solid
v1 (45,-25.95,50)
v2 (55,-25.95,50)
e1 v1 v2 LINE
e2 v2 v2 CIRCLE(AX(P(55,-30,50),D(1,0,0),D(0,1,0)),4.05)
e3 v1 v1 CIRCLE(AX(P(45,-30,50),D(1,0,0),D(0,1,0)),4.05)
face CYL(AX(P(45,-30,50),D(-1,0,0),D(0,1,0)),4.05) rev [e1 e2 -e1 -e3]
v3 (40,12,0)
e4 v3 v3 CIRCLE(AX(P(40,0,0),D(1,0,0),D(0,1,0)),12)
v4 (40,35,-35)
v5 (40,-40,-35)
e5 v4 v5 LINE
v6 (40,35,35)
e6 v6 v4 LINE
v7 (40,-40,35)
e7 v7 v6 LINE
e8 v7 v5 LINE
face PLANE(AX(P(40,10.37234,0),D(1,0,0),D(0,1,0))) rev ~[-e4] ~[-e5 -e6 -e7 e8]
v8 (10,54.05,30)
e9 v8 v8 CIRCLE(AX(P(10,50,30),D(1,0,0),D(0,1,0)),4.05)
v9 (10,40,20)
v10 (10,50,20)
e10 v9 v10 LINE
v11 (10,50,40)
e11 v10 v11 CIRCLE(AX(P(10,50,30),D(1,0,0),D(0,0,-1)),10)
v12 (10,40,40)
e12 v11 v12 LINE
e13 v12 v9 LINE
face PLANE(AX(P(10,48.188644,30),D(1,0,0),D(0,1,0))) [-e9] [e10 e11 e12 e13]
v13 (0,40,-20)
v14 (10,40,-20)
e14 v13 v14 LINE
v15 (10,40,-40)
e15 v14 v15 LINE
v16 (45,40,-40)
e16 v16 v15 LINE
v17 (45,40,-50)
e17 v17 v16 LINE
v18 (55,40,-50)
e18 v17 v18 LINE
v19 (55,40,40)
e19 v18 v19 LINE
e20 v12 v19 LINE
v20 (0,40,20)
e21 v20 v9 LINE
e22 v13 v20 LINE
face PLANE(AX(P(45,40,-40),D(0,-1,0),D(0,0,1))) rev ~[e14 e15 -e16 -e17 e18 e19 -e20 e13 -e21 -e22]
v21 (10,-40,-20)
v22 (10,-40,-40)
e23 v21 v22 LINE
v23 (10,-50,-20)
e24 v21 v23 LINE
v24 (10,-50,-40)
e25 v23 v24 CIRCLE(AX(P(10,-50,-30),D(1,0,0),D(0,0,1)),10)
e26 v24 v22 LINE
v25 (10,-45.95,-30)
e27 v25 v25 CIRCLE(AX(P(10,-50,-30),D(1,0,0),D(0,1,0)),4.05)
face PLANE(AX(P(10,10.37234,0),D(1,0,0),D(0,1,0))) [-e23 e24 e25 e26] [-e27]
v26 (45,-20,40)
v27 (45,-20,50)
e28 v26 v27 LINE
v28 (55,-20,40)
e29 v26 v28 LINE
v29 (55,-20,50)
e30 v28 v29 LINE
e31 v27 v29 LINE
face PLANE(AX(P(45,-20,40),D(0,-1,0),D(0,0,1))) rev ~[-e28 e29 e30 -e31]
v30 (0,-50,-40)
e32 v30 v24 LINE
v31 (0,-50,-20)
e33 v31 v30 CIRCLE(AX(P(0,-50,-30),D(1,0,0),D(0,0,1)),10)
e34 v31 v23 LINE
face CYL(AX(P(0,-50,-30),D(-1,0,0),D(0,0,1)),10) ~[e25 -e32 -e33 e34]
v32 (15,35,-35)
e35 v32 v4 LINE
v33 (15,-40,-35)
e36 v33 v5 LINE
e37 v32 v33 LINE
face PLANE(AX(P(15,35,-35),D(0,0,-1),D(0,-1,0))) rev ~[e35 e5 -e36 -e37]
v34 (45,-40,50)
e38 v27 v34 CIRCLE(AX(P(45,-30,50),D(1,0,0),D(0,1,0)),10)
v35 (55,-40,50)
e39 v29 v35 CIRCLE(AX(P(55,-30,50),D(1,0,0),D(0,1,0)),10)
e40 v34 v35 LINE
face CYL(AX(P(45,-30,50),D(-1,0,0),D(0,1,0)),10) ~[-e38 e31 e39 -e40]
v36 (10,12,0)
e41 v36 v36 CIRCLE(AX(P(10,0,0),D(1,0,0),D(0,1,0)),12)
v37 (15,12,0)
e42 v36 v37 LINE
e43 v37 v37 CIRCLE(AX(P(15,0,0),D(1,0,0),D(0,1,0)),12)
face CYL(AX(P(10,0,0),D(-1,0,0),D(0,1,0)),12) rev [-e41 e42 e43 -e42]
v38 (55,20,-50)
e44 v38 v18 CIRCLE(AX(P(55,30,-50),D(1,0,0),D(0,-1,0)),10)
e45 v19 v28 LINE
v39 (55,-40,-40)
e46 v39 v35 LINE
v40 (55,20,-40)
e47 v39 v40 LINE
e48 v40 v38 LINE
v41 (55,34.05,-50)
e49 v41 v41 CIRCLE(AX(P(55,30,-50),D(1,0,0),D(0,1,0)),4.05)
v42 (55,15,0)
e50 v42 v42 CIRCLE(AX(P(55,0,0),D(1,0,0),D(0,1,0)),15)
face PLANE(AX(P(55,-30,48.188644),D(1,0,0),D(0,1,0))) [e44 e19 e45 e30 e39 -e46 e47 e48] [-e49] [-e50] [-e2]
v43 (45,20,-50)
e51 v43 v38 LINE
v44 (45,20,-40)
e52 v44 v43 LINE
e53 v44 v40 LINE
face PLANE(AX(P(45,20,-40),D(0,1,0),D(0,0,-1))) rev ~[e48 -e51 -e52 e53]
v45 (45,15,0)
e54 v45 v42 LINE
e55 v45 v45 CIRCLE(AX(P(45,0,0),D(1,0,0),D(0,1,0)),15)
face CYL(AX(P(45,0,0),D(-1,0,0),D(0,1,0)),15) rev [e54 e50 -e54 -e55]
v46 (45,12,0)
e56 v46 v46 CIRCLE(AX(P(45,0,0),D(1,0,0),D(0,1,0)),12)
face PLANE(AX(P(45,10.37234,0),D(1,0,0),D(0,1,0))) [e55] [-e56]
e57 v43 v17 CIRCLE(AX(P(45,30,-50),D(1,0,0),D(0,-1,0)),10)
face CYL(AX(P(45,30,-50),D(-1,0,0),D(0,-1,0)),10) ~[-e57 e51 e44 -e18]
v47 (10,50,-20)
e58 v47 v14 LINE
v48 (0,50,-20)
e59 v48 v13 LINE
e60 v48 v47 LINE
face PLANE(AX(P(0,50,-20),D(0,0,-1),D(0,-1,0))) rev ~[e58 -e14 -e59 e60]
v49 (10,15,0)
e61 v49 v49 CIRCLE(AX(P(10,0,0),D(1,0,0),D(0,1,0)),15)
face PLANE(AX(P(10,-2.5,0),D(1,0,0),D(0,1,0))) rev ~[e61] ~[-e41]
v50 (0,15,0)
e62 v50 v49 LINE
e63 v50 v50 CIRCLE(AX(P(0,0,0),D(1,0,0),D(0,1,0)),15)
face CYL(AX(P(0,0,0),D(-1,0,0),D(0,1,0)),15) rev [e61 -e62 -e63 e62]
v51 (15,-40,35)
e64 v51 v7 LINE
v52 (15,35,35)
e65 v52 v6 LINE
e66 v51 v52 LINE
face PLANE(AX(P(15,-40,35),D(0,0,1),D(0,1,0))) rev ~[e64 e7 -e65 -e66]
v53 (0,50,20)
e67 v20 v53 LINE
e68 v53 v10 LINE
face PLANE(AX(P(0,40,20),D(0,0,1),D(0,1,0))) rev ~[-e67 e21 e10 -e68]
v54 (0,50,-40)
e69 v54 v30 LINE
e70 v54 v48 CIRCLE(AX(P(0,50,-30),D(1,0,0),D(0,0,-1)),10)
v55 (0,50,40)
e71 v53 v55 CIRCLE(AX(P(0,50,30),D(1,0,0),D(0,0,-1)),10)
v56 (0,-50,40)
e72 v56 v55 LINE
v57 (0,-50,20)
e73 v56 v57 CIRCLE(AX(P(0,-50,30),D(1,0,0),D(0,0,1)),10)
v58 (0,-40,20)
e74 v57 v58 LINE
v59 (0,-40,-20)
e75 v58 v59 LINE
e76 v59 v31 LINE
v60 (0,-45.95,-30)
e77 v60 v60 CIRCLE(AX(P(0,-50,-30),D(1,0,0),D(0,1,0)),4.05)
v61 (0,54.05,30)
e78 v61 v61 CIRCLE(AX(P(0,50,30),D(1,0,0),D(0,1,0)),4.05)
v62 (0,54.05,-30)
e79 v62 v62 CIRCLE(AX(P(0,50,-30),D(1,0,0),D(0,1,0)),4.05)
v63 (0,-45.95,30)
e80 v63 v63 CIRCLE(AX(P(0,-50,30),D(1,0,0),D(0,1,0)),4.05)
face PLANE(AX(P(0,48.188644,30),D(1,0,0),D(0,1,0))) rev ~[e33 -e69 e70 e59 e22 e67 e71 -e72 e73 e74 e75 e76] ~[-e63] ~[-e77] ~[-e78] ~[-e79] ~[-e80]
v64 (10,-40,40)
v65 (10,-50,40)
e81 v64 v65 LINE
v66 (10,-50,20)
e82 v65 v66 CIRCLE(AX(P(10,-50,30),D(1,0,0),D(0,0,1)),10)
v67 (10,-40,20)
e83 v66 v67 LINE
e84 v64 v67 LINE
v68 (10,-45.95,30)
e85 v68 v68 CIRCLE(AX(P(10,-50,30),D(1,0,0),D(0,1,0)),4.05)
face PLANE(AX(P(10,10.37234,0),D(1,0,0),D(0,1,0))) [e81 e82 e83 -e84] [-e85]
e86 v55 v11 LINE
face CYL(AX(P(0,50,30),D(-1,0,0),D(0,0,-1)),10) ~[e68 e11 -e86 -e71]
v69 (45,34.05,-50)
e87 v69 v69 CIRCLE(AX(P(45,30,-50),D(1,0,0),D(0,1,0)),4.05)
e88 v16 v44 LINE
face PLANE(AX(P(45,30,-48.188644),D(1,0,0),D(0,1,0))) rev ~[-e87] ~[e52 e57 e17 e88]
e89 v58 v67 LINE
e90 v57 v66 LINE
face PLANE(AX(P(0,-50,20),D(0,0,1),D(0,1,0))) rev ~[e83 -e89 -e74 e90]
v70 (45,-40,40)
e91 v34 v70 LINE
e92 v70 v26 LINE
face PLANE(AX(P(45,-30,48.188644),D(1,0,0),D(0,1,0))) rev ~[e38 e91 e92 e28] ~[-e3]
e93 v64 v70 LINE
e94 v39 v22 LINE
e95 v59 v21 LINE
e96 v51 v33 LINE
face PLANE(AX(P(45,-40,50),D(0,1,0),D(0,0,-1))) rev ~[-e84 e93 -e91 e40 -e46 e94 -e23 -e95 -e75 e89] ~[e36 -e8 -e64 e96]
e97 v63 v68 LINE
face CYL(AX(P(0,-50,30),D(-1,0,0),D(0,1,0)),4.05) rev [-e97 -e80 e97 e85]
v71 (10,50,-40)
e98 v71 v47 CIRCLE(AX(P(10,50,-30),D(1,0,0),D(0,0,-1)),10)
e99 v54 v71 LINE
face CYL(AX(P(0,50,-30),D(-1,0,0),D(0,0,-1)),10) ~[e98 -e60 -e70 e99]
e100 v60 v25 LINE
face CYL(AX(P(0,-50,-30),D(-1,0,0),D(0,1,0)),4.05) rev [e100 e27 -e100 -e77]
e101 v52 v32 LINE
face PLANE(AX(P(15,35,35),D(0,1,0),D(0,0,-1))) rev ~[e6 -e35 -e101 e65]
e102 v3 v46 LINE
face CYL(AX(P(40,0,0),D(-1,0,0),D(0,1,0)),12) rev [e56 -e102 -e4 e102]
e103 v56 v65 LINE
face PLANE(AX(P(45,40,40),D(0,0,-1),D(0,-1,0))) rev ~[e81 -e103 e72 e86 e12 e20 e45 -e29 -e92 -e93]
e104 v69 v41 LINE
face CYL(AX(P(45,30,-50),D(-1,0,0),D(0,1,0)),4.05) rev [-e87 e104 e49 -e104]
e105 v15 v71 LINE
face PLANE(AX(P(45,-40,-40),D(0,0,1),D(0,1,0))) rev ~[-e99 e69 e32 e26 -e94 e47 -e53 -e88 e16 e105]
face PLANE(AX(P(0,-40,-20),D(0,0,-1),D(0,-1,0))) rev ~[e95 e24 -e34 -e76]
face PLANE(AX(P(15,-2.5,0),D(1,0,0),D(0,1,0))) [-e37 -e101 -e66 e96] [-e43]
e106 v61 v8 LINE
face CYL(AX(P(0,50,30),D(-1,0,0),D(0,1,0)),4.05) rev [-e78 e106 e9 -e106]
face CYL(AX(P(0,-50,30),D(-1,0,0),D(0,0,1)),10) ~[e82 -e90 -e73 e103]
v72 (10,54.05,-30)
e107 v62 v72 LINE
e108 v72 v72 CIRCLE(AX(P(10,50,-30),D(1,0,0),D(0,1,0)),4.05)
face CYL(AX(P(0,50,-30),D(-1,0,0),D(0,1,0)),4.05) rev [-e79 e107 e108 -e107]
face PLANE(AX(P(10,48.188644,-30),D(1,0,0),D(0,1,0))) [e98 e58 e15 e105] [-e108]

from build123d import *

# Parameters (mm, degrees)
F0_R     = 15
F0_R_2   = 4.05
F1_DEPTH = 10
F2_START = 10
F0_R_3   = 12
F2_DEPTH = 5
F3_START = 15
F3_DEPTH = 25
F4_START = 40
F4_DEPTH = 5
F5_START = 45
F5_DEPTH = 10
F6_START = 45
F6_DEPTH = 10
F7_DEPTH = 10


with BuildPart() as f1:
    # F0 (on Right) → F1 (new body)
    with BuildSketch(Plane.YZ):
        Polygon((35, -40), (40, -40), (40, -20), (40, 20), (40, 25), (40, 35), (40, 40), (-20, 40), (-40, 40), (-40, 35), (35, 35), (35, -35), (-40, -35), (-40, -40), (20, -40), align=None)
        Polygon((-40, -20), (-40, -35), (35, -35), (35, 35), (-40, 35), (-40, 20), align=None)
        Circle(F0_R, mode=Mode.SUBTRACT)
        with BuildLine():
            Line((-50, 20), (-40, 20))
            Line((-40, 20), (-40, 35))
            Line((-40, 35), (-40, 40))
            Line((-40, 40), (-50, 40))
            ThreePointArc((-50, 40), (-60, 30), (-50, 20))
        make_face()
        with Locations((-50, 30)):
            Circle(F0_R_2, mode=Mode.SUBTRACT)
        with BuildLine():
            Line((-50, -40), (-40, -40))
            Line((-40, -40), (-40, -35))
            Line((-40, -35), (-40, -20))
            Line((-40, -20), (-50, -20))
            ThreePointArc((-50, -20), (-60, -30), (-50, -40))
        make_face()
        with Locations((-50, -30)):
            Circle(F0_R_2, mode=Mode.SUBTRACT)
    extrude(amount=F1_DEPTH)

    # F0 (on Right) → F2 (join)
    with BuildSketch(Plane.YZ.offset(F2_START)):
        Polygon((-40, -20), (-40, -35), (35, -35), (35, 35), (-40, 35), (-40, 20), align=None)
        Circle(F0_R, mode=Mode.SUBTRACT)
        Polygon((35, -40), (40, -40), (40, -20), (40, 20), (40, 25), (40, 35), (40, 40), (-20, 40), (-40, 40), (-40, 35), (35, 35), (35, -35), (-40, -35), (-40, -40), (20, -40), align=None)
        Circle(F0_R)
        Circle(F0_R_3, mode=Mode.SUBTRACT)
    extrude(amount=F2_DEPTH)

    # F0 (on Right) → F3 (join)
    with BuildSketch(Plane.YZ.offset(F3_START)):
        Polygon((35, -40), (40, -40), (40, -20), (40, 20), (40, 25), (40, 35), (40, 40), (-20, 40), (-40, 40), (-40, 35), (35, 35), (35, -35), (-40, -35), (-40, -40), (20, -40), align=None)
    extrude(amount=F3_DEPTH)

    # F0 (on Right) → F4 (join)
    with BuildSketch(Plane.YZ.offset(F4_START)):
        Polygon((35, -40), (40, -40), (40, -20), (40, 20), (40, 25), (40, 35), (40, 40), (-20, 40), (-40, 40), (-40, 35), (35, 35), (35, -35), (-40, -35), (-40, -40), (20, -40), align=None)
        Polygon((-40, -20), (-40, -35), (35, -35), (35, 35), (-40, 35), (-40, 20), align=None)
        Circle(F0_R, mode=Mode.SUBTRACT)
        Circle(F0_R)
        Circle(F0_R_3, mode=Mode.SUBTRACT)
    extrude(amount=F4_DEPTH)

    # F0 (on Right) → F5 (join)
    with BuildSketch(Plane.YZ.offset(F5_START)):
        Polygon((35, -40), (40, -40), (40, -20), (40, 20), (40, 25), (40, 35), (40, 40), (-20, 40), (-40, 40), (-40, 35), (35, 35), (35, -35), (-40, -35), (-40, -40), (20, -40), align=None)
        Polygon((-40, -20), (-40, -35), (35, -35), (35, 35), (-40, 35), (-40, 20), align=None)
        Circle(F0_R, mode=Mode.SUBTRACT)
    extrude(amount=F5_DEPTH)

    # F0 (on Right) → F6 (join)
    with BuildSketch(Plane.YZ.offset(F6_START)):
        with BuildLine():
            Line((-40, 40), (-20, 40))
            Line((-20, 40), (-20, 50))
            ThreePointArc((-20, 50), (-30, 60), (-40, 50))
            Line((-40, 50), (-40, 40))
        make_face()
        with Locations((-30, 50)):
            Circle(F0_R_2, mode=Mode.SUBTRACT)
        with BuildLine():
            Line((40, -50), (40, -40))
            Line((40, -40), (35, -40))
            Line((35, -40), (20, -40))
            Line((20, -40), (20, -50))
            ThreePointArc((20, -50), (30, -60), (40, -50))
        make_face()
        with Locations((30, -50)):
            Circle(F0_R_2, mode=Mode.SUBTRACT)
    extrude(amount=F6_DEPTH)

    # F0 (on Right) → F7 (join)
    with BuildSketch(Plane.YZ):
        with BuildLine():
            Line((40, 25), (40, 20))
            Line((40, 20), (50, 20))
            ThreePointArc((50, 20), (60, 30), (50, 40))
            Line((50, 40), (40, 40))
            Line((40, 40), (40, 35))
            Line((40, 35), (40, 25))
        make_face()
        with Locations((50, 30)):
            Circle(F0_R_2, mode=Mode.SUBTRACT)
        with BuildLine():
            Line((40, -20), (40, -40))
            Line((40, -40), (50, -40))
            ThreePointArc((50, -40), (60, -30), (50, -20))
            Line((50, -20), (40, -20))
        make_face()
        with Locations((50, -30)):
            Circle(F0_R_2, mode=Mode.SUBTRACT)
    extrude(amount=F7_DEPTH)


solid = f1.part
